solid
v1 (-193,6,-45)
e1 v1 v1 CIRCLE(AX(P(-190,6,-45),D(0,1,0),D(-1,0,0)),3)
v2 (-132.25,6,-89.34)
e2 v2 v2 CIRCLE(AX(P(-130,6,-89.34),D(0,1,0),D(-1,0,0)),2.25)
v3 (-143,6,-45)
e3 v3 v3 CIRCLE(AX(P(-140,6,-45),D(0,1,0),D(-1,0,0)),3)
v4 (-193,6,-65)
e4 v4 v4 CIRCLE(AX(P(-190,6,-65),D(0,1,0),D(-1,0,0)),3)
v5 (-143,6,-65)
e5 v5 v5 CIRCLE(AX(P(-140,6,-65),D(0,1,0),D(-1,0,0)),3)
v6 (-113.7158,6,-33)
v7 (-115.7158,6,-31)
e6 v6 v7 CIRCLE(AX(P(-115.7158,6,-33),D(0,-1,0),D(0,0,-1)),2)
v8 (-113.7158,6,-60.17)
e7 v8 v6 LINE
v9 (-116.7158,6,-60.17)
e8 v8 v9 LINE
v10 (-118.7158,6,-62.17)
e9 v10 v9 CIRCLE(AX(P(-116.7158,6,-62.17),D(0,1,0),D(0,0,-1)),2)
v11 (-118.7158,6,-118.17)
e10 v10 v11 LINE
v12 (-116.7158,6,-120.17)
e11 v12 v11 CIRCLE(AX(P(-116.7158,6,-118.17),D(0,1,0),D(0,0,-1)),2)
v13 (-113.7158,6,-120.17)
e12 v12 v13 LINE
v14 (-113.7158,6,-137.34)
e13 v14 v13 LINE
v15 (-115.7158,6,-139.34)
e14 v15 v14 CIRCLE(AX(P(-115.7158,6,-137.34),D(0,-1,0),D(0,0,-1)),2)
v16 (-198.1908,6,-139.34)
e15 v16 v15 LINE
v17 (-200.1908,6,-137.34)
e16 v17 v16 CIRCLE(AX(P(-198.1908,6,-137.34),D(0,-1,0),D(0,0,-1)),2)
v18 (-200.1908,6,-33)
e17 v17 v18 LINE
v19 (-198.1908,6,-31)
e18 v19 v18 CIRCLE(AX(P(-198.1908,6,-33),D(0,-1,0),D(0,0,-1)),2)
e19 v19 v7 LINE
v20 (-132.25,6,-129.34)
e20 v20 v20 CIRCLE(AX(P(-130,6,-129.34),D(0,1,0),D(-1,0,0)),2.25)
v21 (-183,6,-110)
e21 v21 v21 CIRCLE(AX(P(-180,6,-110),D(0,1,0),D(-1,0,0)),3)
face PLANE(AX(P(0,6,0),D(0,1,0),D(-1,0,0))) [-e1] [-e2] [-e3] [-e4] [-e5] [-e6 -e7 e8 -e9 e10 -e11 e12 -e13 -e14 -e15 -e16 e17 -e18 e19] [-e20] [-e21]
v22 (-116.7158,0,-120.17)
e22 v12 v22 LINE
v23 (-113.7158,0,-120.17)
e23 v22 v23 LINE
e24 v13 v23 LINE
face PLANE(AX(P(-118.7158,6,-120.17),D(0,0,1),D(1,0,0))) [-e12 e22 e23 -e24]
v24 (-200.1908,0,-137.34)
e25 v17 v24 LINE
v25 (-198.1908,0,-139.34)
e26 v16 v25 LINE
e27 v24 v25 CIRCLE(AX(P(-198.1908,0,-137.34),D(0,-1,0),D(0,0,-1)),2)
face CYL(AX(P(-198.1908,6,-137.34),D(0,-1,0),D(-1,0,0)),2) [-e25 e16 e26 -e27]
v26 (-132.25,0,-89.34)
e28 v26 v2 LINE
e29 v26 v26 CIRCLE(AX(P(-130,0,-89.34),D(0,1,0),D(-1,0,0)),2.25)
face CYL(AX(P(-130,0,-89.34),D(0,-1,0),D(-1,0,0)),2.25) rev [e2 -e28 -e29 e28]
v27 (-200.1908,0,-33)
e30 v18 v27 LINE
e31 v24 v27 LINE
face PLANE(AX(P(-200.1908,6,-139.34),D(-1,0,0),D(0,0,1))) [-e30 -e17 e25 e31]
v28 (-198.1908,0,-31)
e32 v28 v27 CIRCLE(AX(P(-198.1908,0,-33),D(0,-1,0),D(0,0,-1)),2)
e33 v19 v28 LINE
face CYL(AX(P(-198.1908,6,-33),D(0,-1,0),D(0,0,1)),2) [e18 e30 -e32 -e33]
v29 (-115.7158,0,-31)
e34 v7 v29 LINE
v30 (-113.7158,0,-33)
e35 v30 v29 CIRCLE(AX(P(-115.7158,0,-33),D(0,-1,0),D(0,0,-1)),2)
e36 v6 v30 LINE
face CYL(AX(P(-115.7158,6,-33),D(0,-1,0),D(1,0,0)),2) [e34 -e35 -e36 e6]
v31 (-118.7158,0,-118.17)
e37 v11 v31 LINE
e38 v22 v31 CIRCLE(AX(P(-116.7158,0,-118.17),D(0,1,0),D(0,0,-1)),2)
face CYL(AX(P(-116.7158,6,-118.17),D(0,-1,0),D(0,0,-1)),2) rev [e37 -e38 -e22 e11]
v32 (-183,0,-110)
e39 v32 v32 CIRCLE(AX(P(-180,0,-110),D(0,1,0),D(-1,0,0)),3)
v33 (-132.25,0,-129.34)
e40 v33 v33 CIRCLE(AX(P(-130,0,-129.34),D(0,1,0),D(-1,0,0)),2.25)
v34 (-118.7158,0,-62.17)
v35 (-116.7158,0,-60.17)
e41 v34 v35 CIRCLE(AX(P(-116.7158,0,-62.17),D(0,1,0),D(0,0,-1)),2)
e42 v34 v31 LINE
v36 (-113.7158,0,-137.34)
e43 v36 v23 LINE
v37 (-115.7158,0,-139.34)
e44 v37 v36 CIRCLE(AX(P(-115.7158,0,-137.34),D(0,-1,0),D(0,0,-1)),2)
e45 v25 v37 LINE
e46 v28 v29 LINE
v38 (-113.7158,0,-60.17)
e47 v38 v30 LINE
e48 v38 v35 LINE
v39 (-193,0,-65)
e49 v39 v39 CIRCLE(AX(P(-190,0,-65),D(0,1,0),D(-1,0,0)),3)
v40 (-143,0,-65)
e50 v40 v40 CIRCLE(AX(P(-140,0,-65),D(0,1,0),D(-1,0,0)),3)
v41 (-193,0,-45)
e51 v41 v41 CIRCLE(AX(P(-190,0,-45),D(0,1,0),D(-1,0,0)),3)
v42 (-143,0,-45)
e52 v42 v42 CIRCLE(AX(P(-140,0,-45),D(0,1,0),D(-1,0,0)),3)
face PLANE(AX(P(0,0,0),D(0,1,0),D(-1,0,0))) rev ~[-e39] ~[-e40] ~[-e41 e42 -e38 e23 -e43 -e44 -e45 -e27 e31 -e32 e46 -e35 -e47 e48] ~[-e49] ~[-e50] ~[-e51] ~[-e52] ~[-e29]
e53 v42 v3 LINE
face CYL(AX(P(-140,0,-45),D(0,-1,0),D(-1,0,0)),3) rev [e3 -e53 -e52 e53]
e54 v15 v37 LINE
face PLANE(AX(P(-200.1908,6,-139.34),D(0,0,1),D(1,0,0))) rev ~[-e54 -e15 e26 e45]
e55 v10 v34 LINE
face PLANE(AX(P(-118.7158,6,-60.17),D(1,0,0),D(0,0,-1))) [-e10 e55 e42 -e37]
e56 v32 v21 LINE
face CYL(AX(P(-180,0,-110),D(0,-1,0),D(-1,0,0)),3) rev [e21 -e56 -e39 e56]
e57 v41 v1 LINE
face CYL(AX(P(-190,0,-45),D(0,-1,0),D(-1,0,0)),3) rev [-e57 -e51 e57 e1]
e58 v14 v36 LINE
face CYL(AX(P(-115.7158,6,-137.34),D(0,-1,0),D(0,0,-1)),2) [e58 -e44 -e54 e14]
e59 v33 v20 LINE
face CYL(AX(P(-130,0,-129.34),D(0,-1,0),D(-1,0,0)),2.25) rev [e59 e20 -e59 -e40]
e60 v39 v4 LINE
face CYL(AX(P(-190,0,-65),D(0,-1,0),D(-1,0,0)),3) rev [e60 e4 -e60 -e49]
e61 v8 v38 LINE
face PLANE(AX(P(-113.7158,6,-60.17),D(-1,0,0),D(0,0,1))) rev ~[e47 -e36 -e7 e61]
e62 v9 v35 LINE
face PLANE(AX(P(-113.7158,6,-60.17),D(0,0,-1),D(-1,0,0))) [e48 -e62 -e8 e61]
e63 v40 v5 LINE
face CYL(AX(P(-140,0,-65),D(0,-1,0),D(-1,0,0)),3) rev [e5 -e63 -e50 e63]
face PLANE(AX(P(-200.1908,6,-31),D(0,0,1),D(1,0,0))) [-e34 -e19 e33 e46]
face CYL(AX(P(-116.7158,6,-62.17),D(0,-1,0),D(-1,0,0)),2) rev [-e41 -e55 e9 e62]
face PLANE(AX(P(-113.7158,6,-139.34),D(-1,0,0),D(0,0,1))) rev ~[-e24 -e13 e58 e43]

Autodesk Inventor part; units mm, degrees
ref_plane "YZ Plane" through (0, 0, 0) normal (1, 0, 0) x (0, 1, 0)
ref_plane "XZ Plane" through (0, 0, 0) normal (0, 1, 0) x (-1, 0, 0)
ref_plane "XY Plane" through (0, 0, 0) normal (0, 0, 1) x (1, 0, 0)
sketch "Sketch1" plane through (0, 0, 0) normal (0, 1, 0) x (-1, 0, 0)
  line L0 (232.1908, -176.5808) -> (232.1908, -3.7592)
  arc A0 (232.1908, -3.7592) -> (227.4316, 1) centre (227.4316, -3.7592) ccw
  line L1 (227.4316, 1) -> (0, 1)
  arc A1 (0, 1) -> (-4.7592, -3.7592) centre (0, -3.7592) ccw
  arc A2 (-4.7592, -176.5808) -> (0, -181.34) centre (0, -176.5808) ccw
  arc A3 (227.4316, -181.34) -> (232.1908, -176.5808) centre (227.4316, -176.5808) ccw
  circle A4 centre (130, -129.34) radius 2.25
  circle A5 centre (130, -89.34) radius 2.25
  circle A6 centre (90, -129.34) radius 2.25
  circle A7 centre (90, -89.34) radius 2.25
  circle A8 centre (180, -110) radius 3
  circle A9 centre (55, -110) radius 3
  circle A10 centre (90, -45) radius 3
  circle A11 centre (190, -45) radius 3
  circle A12 centre (190, -65) radius 3
  circle A13 centre (90, -65) radius 3
  circle A14 centre (140, -45) radius 3
  circle A15 centre (40, -45) radius 3
  circle A16 centre (140, -65) radius 3
  circle A17 centre (40, -65) radius 3
  line L2 (230.1908, -176.5808) -> (230.1908, -3.7592)
  arc A18 (230.1908, -3.7592) -> (227.4316, -1) centre (227.4316, -3.7592) ccw
  line L3 (227.4316, -1) -> (0, -1)
  arc A19 (0, -1) -> (-2.7592, -3.7592) centre (0, -3.7592) ccw
  arc A20 (-2.7592, -176.5808) -> (0, -179.34) centre (0, -176.5808) ccw
  arc A21 (227.4316, -179.34) -> (230.1908, -176.5808) centre (227.4316, -176.5808) ccw
  line L4 (-4.7592, -3.7592) -> (-4.7592, -176.5808)
  line L5 (-2.7592, -3.7592) -> (-2.7592, -176.5808)
  line L6 (0, -179.34) -> (227.4316, -179.34)
  line L7 (227.4316, -181.34) -> (0, -181.34)
  line L8 (0, 0) -> (0, -15)
  line L9 (0, 0) -> (15, 0) construction
  line L10 (0, 0) -> (15, 0)
  line L11 (0, 0) -> (15, 0) construction
  point P0 (230.1908, -3.7592)
  point P1 (0, -1)
  dimension "d0" = 2
  dimension "d1" = 2
  dimension "d2" = 2
  dimension "d3" = 2
  dimension "d5" = 2
  dimension "d7" = 2
  dimension "d8" = 227.4316
  dimension "d9" = 172.8216
  dimension "d10" = 4.7592
  dimension "d45" = 15
  dimension "d46" = 90
  dimension "d47" = 15
  dimension "d48" = 0
  dimension "d49" = 55
  dimension "d50" = 110
  dimension "d51" = 125
  dimension "d52" = 110
  dimension "d54" = 6
  dimension "d55" = 6
  dimension "d56" = 4.5
  dimension "d57" = 6
  dimension "d58" = 6
  dimension "d59" = 6
  dimension "d60" = 6
  dimension "d61" = 6
  dimension "d62" = 6
  dimension "d63" = 6
  dimension "d64" = 6
  dimension "d65" = 4.5
  dimension "d66" = 4.5
  dimension "d67" = 4.5
  dimension "d68" = 172.8216
  dimension "d69" = 2.7592
  dimension "d70" = 172.8216
  dimension "d71" = 2
  dimension "d72" = 1
  dimension "d73" = 230.1908
  dimension "d74" = 179.34
  dimension "d75" = 2
  dimension "d76" = 50
  dimension "d77" = 40
  dimension "d78" = 40
  dimension "d79" = 100.1908
extrude "Extrusion1" add sketch "Sketch1" along normal blind 6 contours A21 L6 A20 L5 A19 L3 A18 L2
sketch "Sketch2" plane through (0, 6, 0) normal (0, 1, 0) x (1, 0, 0)
  line L0 (-232.1908, 176.5808) -> (-232.1908, 3.7592)
  arc A0 (-232.1908, 3.7592) -> (-227.4316, -1) centre (-227.4316, 3.7592) ccw
  line L1 (-227.4316, -1) -> (0, -1)
  arc A1 (0, -1) -> (4.7592, 3.7592) centre (0, 3.7592) ccw
  arc A2 (4.7592, 176.5808) -> (0, 181.34) centre (0, 176.5808) ccw
  arc A3 (-227.4316, 181.34) -> (-232.1908, 176.5808) centre (-227.4316, 176.5808) ccw
  circle A4 centre (-130, 135) radius 2
  circle A5 centre (-130, 95) radius 2
  circle A6 centre (-90, 135) radius 2
  circle A7 centre (-90, 95) radius 2
  circle A8 centre (-160.0797, 100) radius 2.75
  circle A9 centre (-60.0797, 100) radius 2.75
  circle A10 centre (-90, 45) radius 2.5
  circle A11 centre (-190, 45) radius 2.5
  circle A12 centre (-190, 65) radius 2.5
  circle A13 centre (-90, 65) radius 2.5
  circle A14 centre (-140, 45) radius 2.5
  circle A15 centre (-40, 45) radius 2.5
  circle A16 centre (-140, 65) radius 2.5
  circle A17 centre (-40, 65) radius 2.5
  line L2 (-230.1908, 176.5808) -> (-230.1908, 3.7592)
  arc A18 (-230.1908, 3.7592) -> (-227.4316, 1) centre (-227.4316, 3.7592) ccw
  line L3 (-227.4316, 1) -> (0, 1)
  arc A19 (0, 1) -> (2.7592, 3.7592) centre (0, 3.7592) ccw
  arc A20 (2.7592, 176.5808) -> (0, 179.34) centre (0, 176.5808) ccw
  arc A21 (-227.4316, 179.34) -> (-230.1908, 176.5808) centre (-227.4316, 176.5808) ccw
  line L4 (4.7592, 3.7592) -> (4.7592, 176.5808)
  line L5 (2.7592, 3.7592) -> (2.7592, 176.5808)
  line L6 (0, 179.34) -> (-227.4316, 179.34)
  line L7 (-227.4316, 181.34) -> (0, 181.34)
  line L8 (0, 179.34) -> (-227.4316, 179.34) projected
  line L9 (-113.7158, 179.34) -> (-113.7158, 1)
  line L10 (-227.4316, 1) -> (0, 1) projected
  line L11 (-118.7158, 120.17) -> (-108.7158, 120.17)
  line L12 (-108.7158, 120.17) -> (-108.7158, 60.17)
  line L13 (-108.7158, 60.17) -> (-118.7158, 60.17)
  line L14 (-118.7158, 60.17) -> (-118.7158, 120.17)
  line L15 (-118.7158, 120.17) -> (-108.7158, 60.17) construction
  line L16 (-108.7158, 120.17) -> (-118.7158, 60.17) construction
  line L17 (-113.7158, 179.34) -> (-113.7158, 159.34)
  line L18 (2.7592, 139.34) -> (-230.1908, 139.34)
  line L19 (-230.1908, 139.34) -> (-230.1908, 179.34)
  line L20 (-230.1908, 179.34) -> (2.7592, 179.34)
  line L21 (2.7592, 179.34) -> (2.7592, 139.34)
  line L22 (2.7592, 139.34) -> (-230.1908, 179.34) construction
  line L23 (-230.1908, 139.34) -> (2.7592, 179.34) construction
  line L24 (-113.7158, 1) -> (-113.7158, 16)
  line L25 (-230.1908, 31) -> (2.7592, 31)
  line L26 (2.7592, 31) -> (2.7592, 1)
  line L27 (2.7592, 1) -> (-230.1908, 1)
  line L28 (-230.1908, 1) -> (-230.1908, 31)
  line L29 (-230.1908, 31) -> (2.7592, 1) construction
  line L30 (2.7592, 31) -> (-230.1908, 1) construction
  line L31 (-227.4316, 1) -> (0, 1) projected
  line L32 (-230.1908, 179.34) -> (-200.1908, 179.34)
  line L33 (-200.1908, 179.34) -> (-200.1908, 1)
  line L34 (-200.1908, 1) -> (-230.1908, 1)
  line L35 (-230.1908, 1) -> (-230.1908, 179.34)
  line L36 (2.7592, 1) -> (-27.2408, 1)
  line L37 (-27.2408, 1) -> (-27.2408, 179.34)
  line L38 (-27.2408, 179.34) -> (2.7592, 179.34)
  line L39 (2.7592, 179.34) -> (2.7592, 1)
  line L40 (-200.1908, 139.34) -> (-113.7158, 139.34)
  point P0 (230.1908, -176.5808)
  point P1 (230.1908, -3.7592)
  point P2 (227.4316, -1)
  point P3 (0, -1)
  point P4 (0, 0)
  point P5 (230.1908, -176.5808)
  point P6 (230.1908, -3.7592)
  point P7 (227.4316, -1)
  point P8 (0, -1)
  point P9 (-113.7158, 90.17)
  point P10 (-113.7158, 120.17)
  point P11 (-113.7158, 60.17)
  point P12 (-113.7158, 1)
  point P13 (0, 1)
  point P14 (-113.7158, 139.34)
  point P15 (-113.7158, 31)
  point P16 (-200.1908, 31)
  point P17 (-230.1908, 3.7592)
  point P18 (-227.4316, 1)
  dimension "d22" = 2
  dimension "d23" = 2
  dimension "d24" = 2
  dimension "d25" = 2
  dimension "d26" = 2
  dimension "d27" = 2
  dimension "d28" = 227.4316
  dimension "d29" = 172.8216
  dimension "d30" = 4.7592
  dimension "d31" = 10
  dimension "d32" = 60
  dimension "d37" = 20
  dimension "d38" = 40
  dimension "d39" = 15
  dimension "d40" = 30
  dimension "d41" = 30
  dimension "d42" = 30
extrude "Extrusion3" cut sketch "Sketch2" against normal through all contours A6 | A7 | A9 | A10 | A13 | A15 | A17 | A21 L6 L33 L18 L2 | L18 L33 L25 L2 | L25 L33 L3 A18 L2 | L33 L6 L9 L18 | L25 L9 L3 L33 | L18 L37 L25 L9 L13 L12 L11 | L9 L6 L37 L18 | L25 L37 L3 L9 | L11 L12 L13 L9 | L9 L13 L14 L11 | L37 L6 A20 L5 L18 | L18 L5 L25 L37 | L25 L5 A19 L3 L37
fillet "Fillet3" radius 2 6 edges at (-113.7158, 3, -31) (-200.1908, 3, -31) (-113.7158, 3, -139.34) (-118.7158, 3, -120.17) (-118.7158, 3, -60.17) (-200.1908, 3, -139.34)
equation "\"d1\" = d0"
equation "\"d2\" = d0"
equation "\"d3\" = d0"
equation "\"d5\" = d0"
equation "\"d7\" = d0"
equation "\"d23\" = d22"
equation "\"d24\" = d22"
equation "\"d25\" = d22"
equation "\"d26\" = d22"
equation "\"d27\" = d22"
properties part number "EboxBottom_1"
